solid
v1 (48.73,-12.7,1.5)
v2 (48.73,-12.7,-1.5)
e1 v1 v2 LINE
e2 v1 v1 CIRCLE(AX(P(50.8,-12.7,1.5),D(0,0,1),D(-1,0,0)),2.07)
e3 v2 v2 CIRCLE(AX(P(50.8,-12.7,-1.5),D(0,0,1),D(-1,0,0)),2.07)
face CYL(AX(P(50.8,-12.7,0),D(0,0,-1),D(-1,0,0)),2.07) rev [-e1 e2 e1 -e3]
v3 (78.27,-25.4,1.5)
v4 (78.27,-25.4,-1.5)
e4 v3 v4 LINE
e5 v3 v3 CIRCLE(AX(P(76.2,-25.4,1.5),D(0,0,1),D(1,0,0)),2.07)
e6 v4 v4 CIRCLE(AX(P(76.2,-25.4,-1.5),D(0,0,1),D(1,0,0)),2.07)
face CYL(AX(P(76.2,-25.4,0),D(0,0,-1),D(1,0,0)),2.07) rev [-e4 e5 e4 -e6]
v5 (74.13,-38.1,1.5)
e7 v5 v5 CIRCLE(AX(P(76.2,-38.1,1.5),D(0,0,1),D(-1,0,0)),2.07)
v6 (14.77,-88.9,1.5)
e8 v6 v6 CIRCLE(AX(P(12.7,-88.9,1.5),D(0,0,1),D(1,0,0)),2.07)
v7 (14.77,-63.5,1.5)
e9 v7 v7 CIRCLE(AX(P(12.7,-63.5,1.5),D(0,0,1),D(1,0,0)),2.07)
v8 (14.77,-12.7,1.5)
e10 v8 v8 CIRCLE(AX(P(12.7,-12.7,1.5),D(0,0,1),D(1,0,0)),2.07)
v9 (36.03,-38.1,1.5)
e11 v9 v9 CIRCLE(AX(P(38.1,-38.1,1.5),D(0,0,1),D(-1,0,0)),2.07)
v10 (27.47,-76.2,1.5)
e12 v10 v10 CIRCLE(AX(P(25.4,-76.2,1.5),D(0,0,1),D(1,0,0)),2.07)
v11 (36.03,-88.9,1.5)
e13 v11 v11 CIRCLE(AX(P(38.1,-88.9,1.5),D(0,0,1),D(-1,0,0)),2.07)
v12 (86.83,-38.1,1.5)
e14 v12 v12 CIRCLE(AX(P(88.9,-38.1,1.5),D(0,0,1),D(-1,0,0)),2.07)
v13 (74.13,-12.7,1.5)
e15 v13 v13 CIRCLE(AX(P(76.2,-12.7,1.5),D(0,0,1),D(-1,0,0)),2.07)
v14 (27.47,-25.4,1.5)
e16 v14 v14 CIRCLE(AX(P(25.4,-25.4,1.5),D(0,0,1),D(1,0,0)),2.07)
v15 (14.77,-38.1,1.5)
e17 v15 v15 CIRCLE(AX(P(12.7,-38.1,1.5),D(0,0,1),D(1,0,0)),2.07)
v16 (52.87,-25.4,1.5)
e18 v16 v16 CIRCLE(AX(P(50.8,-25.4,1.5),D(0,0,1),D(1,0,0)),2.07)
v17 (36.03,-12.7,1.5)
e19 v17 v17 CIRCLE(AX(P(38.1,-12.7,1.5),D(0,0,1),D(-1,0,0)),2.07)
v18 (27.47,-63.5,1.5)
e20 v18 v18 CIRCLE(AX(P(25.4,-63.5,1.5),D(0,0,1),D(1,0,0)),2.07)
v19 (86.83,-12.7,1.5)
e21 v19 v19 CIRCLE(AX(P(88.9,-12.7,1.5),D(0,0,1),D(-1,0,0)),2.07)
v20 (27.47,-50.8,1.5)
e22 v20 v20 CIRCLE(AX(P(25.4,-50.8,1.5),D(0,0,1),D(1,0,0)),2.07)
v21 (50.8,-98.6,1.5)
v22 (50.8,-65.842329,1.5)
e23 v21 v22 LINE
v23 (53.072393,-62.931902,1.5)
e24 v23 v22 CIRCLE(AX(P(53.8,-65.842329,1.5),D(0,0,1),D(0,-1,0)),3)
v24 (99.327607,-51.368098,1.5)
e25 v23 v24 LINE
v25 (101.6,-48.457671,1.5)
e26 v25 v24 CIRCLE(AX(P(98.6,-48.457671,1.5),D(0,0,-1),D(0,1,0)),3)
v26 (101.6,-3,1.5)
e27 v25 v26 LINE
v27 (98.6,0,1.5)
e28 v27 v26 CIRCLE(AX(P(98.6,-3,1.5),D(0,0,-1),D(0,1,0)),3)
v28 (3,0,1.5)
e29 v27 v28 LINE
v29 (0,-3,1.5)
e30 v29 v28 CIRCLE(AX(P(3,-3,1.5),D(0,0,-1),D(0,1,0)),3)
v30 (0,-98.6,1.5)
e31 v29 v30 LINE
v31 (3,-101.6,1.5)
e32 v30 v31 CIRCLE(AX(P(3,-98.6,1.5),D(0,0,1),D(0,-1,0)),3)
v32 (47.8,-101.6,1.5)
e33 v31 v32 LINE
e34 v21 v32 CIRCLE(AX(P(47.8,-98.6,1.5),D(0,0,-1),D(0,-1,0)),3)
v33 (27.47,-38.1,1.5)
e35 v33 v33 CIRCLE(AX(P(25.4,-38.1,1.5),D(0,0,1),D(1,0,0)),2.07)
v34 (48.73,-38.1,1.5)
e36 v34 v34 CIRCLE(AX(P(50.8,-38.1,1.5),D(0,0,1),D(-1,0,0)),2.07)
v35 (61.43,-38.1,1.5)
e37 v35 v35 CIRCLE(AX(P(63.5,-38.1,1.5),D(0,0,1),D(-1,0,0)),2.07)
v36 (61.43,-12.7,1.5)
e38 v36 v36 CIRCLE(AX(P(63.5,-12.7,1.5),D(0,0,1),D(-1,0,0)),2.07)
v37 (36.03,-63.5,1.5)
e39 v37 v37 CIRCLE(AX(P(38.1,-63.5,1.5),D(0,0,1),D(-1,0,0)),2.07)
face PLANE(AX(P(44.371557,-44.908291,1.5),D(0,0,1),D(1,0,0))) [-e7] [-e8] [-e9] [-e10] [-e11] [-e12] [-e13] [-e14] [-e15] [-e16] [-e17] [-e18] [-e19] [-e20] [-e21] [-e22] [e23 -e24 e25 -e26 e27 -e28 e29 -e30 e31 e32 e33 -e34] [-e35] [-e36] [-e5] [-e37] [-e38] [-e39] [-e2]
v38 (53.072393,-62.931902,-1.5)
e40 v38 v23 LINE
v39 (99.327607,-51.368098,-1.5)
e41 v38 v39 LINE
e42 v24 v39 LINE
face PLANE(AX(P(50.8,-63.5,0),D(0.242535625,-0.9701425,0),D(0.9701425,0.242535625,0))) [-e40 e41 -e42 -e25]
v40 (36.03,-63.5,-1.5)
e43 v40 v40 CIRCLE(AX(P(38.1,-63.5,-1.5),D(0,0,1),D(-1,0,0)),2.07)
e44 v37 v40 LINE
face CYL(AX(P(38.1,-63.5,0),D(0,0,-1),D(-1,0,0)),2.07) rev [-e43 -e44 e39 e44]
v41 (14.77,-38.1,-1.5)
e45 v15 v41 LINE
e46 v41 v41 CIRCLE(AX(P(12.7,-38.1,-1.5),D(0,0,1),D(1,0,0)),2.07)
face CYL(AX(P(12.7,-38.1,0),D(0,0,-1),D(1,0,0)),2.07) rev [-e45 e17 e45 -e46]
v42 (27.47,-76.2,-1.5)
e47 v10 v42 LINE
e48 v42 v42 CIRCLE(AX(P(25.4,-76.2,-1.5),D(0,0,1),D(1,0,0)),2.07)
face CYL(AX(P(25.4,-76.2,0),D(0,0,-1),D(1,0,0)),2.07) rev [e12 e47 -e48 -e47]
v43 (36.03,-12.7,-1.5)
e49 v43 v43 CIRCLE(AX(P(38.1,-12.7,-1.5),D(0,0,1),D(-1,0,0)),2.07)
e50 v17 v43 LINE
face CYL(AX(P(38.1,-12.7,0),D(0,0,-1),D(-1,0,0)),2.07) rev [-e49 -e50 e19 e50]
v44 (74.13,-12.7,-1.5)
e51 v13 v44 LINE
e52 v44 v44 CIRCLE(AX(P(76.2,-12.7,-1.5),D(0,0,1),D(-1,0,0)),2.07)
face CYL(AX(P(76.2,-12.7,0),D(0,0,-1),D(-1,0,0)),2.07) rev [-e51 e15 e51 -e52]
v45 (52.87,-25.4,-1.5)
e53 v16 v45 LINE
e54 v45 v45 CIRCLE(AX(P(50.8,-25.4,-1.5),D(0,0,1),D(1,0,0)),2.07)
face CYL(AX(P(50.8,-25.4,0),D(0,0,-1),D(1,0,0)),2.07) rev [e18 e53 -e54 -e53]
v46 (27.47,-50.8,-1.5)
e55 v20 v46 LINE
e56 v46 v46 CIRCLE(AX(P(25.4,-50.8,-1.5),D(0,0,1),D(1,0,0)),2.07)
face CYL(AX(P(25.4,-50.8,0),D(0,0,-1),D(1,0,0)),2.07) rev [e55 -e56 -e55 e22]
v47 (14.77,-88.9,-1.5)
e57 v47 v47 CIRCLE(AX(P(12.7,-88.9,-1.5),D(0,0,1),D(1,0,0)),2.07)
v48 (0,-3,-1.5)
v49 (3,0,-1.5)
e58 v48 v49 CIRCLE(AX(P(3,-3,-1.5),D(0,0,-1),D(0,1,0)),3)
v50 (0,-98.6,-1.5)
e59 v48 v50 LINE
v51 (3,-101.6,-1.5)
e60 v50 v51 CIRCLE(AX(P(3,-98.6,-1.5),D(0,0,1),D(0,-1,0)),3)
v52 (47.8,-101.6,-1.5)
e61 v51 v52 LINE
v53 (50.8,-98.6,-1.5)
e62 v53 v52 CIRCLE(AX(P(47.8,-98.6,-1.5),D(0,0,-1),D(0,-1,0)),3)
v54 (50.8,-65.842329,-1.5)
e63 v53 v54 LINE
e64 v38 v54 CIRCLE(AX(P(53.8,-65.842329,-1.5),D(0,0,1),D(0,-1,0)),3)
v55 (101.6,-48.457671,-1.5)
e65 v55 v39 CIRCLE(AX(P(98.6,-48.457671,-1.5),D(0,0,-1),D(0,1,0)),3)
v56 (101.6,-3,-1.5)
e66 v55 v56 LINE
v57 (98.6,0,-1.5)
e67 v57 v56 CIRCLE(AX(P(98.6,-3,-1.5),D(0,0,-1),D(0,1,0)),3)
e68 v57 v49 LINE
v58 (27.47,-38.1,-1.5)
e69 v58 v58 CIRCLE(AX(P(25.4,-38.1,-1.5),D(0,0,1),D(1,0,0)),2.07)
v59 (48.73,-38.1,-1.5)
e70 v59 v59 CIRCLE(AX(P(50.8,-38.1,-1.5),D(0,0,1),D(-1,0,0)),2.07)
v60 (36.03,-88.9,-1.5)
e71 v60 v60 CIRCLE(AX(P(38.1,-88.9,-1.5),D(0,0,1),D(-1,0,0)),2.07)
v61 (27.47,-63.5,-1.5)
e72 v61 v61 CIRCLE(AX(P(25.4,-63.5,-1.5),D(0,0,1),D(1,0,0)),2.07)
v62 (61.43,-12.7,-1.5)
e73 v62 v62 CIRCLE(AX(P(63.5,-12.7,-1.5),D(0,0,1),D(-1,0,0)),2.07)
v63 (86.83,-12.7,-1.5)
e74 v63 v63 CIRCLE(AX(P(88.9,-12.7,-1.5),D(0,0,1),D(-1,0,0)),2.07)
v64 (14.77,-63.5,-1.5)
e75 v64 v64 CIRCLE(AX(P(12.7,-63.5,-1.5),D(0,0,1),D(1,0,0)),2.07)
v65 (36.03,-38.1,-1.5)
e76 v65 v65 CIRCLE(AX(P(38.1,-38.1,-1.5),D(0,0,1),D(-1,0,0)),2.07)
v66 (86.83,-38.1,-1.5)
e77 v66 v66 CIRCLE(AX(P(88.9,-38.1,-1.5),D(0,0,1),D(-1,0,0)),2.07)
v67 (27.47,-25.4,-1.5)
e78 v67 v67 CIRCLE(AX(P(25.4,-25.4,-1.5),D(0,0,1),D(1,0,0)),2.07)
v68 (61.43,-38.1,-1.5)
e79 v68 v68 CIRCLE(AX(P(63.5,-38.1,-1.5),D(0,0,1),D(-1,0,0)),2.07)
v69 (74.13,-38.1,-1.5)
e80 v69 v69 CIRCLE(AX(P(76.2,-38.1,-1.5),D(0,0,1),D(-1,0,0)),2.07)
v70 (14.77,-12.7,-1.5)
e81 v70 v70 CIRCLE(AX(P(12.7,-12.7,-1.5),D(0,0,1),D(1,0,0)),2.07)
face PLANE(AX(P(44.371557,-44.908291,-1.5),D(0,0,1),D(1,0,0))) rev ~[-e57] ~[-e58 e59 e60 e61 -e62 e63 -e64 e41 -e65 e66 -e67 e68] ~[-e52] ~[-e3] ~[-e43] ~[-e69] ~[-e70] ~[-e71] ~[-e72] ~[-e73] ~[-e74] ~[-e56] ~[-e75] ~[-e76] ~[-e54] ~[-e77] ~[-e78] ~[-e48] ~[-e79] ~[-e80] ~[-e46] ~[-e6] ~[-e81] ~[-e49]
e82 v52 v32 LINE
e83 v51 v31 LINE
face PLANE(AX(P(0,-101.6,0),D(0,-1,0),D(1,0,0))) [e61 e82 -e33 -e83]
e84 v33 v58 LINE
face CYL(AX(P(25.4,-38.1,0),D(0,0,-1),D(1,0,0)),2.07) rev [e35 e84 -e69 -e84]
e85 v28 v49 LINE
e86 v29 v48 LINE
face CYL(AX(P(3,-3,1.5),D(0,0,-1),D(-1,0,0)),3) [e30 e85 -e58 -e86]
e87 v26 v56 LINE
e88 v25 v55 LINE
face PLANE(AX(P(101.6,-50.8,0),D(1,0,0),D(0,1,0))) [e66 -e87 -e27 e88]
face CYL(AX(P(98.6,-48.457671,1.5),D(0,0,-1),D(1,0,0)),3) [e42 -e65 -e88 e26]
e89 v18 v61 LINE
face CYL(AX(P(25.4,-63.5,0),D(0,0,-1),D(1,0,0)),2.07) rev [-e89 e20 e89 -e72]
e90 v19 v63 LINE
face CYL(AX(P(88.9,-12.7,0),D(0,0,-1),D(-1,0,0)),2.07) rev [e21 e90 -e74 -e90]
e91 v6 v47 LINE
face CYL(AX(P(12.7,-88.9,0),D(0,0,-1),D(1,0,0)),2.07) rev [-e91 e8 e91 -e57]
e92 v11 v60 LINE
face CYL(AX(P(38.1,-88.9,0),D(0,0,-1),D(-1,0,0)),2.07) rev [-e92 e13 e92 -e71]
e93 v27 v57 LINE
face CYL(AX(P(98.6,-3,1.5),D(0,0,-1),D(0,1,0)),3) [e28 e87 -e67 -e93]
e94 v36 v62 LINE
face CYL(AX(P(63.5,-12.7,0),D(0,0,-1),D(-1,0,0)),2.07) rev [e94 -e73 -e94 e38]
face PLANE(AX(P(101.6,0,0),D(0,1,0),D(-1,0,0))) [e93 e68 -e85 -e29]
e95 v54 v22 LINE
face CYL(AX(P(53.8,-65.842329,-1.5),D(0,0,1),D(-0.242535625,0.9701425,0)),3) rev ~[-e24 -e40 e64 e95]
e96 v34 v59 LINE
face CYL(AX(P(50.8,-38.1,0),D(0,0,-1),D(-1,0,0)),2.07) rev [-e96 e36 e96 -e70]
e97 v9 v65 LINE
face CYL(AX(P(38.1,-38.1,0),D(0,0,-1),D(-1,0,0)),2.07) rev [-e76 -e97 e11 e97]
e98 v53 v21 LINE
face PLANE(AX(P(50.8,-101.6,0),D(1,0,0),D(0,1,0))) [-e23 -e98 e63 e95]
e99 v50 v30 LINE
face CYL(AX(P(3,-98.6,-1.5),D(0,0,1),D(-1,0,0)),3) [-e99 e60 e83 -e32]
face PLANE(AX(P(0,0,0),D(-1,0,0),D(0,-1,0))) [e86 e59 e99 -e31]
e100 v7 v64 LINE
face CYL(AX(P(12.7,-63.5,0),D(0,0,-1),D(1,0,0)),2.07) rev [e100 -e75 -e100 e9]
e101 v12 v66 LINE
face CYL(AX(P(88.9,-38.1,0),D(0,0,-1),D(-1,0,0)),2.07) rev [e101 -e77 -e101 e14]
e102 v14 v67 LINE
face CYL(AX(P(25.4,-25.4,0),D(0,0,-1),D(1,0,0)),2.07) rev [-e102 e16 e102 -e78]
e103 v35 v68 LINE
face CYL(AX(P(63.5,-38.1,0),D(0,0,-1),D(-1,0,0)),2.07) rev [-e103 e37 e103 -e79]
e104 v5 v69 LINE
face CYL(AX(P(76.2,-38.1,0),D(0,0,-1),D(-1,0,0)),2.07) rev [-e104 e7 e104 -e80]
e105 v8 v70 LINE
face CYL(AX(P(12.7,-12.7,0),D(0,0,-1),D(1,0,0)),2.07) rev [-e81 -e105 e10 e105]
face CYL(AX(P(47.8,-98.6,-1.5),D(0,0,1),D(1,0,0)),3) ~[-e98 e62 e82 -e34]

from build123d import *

# Parameters (mm, degrees)
SKETCH3_R           = 2.07
BOSS_EXTRUDE1_DEPTH = 1.5
FILLET1_R           = 3


with BuildPart() as part:
    # Sketch3 → Boss-Extrude1 (new, symmetric)
    with BuildSketch(Plane.XY):
        Polygon((0, 0), (0, -101.6), (50.8, -101.6), (50.8, -63.5), (101.6, -50.8), (101.6, 0), (50.8, 0), align=None)
        with Locations((12.7, -88.9)):
            Circle(SKETCH3_R, mode=Mode.SUBTRACT)
        with Locations((12.7, -63.5)):
            Circle(SKETCH3_R, mode=Mode.SUBTRACT)
        with Locations((12.7, -38.1)):
            Circle(SKETCH3_R, mode=Mode.SUBTRACT)
        with Locations((12.7, -12.7)):
            Circle(SKETCH3_R, mode=Mode.SUBTRACT)
        with Locations(Location((38.1, -12.7, 0), (0, 0, 180))):
            Circle(SKETCH3_R, mode=Mode.SUBTRACT)
        with Locations(Location((38.1, -38.1, 0), (0, 0, 180))):
            Circle(SKETCH3_R, mode=Mode.SUBTRACT)
        with Locations(Location((38.1, -63.5, 0), (0, 0, 180))):
            Circle(SKETCH3_R, mode=Mode.SUBTRACT)
        with Locations(Location((38.1, -88.9, 0), (0, 0, 180))):
            Circle(SKETCH3_R, mode=Mode.SUBTRACT)
        with Locations((25.4, -76.2)):
            Circle(SKETCH3_R, mode=Mode.SUBTRACT)
        with Locations((25.4, -63.5)):
            Circle(SKETCH3_R, mode=Mode.SUBTRACT)
        with Locations((25.4, -50.8)):
            Circle(SKETCH3_R, mode=Mode.SUBTRACT)
        with Locations((25.4, -38.1)):
            Circle(SKETCH3_R, mode=Mode.SUBTRACT)
        with Locations((25.4, -25.4)):
            Circle(SKETCH3_R, mode=Mode.SUBTRACT)
        with Locations(Location((50.8, -12.7, 0), (0, 0, 180))):
            Circle(SKETCH3_R, mode=Mode.SUBTRACT)
        with Locations(Location((50.8, -38.1, 0), (0, 0, 180))):
            Circle(SKETCH3_R, mode=Mode.SUBTRACT)
        with Locations(Location((63.5, -12.7, 0), (0, 0, 180))):
            Circle(SKETCH3_R, mode=Mode.SUBTRACT)
        with Locations(Location((63.5, -38.1, 0), (0, 0, 180))):
            Circle(SKETCH3_R, mode=Mode.SUBTRACT)
        with Locations(Location((76.2, -12.7, 0), (0, 0, 180))):
            Circle(SKETCH3_R, mode=Mode.SUBTRACT)
        with Locations(Location((76.2, -38.1, 0), (0, 0, 180))):
            Circle(SKETCH3_R, mode=Mode.SUBTRACT)
        with Locations(Location((88.9, -12.7, 0), (0, 0, 180))):
            Circle(SKETCH3_R, mode=Mode.SUBTRACT)
        with Locations(Location((88.9, -38.1, 0), (0, 0, 180))):
            Circle(SKETCH3_R, mode=Mode.SUBTRACT)
        with Locations((50.8, -25.4)):
            Circle(SKETCH3_R, mode=Mode.SUBTRACT)
        with Locations((76.2, -25.4)):
            Circle(SKETCH3_R, mode=Mode.SUBTRACT)
    extrude(amount=BOSS_EXTRUDE1_DEPTH, both=True)

    # Fillet1
    fillet1_edges = [part.edges().sort_by_distance(p)[0] for p in [
        (101.6, 0, 0),
        (101.6, -50.8, 0),
        (50.8, -63.5, 0),
        (50.8, -101.6, 0),
        (0, -101.6, 0),
        (0, 0, 0),
    ]]
    fillet(fillet1_edges, radius=FILLET1_R)


solid = part.part
